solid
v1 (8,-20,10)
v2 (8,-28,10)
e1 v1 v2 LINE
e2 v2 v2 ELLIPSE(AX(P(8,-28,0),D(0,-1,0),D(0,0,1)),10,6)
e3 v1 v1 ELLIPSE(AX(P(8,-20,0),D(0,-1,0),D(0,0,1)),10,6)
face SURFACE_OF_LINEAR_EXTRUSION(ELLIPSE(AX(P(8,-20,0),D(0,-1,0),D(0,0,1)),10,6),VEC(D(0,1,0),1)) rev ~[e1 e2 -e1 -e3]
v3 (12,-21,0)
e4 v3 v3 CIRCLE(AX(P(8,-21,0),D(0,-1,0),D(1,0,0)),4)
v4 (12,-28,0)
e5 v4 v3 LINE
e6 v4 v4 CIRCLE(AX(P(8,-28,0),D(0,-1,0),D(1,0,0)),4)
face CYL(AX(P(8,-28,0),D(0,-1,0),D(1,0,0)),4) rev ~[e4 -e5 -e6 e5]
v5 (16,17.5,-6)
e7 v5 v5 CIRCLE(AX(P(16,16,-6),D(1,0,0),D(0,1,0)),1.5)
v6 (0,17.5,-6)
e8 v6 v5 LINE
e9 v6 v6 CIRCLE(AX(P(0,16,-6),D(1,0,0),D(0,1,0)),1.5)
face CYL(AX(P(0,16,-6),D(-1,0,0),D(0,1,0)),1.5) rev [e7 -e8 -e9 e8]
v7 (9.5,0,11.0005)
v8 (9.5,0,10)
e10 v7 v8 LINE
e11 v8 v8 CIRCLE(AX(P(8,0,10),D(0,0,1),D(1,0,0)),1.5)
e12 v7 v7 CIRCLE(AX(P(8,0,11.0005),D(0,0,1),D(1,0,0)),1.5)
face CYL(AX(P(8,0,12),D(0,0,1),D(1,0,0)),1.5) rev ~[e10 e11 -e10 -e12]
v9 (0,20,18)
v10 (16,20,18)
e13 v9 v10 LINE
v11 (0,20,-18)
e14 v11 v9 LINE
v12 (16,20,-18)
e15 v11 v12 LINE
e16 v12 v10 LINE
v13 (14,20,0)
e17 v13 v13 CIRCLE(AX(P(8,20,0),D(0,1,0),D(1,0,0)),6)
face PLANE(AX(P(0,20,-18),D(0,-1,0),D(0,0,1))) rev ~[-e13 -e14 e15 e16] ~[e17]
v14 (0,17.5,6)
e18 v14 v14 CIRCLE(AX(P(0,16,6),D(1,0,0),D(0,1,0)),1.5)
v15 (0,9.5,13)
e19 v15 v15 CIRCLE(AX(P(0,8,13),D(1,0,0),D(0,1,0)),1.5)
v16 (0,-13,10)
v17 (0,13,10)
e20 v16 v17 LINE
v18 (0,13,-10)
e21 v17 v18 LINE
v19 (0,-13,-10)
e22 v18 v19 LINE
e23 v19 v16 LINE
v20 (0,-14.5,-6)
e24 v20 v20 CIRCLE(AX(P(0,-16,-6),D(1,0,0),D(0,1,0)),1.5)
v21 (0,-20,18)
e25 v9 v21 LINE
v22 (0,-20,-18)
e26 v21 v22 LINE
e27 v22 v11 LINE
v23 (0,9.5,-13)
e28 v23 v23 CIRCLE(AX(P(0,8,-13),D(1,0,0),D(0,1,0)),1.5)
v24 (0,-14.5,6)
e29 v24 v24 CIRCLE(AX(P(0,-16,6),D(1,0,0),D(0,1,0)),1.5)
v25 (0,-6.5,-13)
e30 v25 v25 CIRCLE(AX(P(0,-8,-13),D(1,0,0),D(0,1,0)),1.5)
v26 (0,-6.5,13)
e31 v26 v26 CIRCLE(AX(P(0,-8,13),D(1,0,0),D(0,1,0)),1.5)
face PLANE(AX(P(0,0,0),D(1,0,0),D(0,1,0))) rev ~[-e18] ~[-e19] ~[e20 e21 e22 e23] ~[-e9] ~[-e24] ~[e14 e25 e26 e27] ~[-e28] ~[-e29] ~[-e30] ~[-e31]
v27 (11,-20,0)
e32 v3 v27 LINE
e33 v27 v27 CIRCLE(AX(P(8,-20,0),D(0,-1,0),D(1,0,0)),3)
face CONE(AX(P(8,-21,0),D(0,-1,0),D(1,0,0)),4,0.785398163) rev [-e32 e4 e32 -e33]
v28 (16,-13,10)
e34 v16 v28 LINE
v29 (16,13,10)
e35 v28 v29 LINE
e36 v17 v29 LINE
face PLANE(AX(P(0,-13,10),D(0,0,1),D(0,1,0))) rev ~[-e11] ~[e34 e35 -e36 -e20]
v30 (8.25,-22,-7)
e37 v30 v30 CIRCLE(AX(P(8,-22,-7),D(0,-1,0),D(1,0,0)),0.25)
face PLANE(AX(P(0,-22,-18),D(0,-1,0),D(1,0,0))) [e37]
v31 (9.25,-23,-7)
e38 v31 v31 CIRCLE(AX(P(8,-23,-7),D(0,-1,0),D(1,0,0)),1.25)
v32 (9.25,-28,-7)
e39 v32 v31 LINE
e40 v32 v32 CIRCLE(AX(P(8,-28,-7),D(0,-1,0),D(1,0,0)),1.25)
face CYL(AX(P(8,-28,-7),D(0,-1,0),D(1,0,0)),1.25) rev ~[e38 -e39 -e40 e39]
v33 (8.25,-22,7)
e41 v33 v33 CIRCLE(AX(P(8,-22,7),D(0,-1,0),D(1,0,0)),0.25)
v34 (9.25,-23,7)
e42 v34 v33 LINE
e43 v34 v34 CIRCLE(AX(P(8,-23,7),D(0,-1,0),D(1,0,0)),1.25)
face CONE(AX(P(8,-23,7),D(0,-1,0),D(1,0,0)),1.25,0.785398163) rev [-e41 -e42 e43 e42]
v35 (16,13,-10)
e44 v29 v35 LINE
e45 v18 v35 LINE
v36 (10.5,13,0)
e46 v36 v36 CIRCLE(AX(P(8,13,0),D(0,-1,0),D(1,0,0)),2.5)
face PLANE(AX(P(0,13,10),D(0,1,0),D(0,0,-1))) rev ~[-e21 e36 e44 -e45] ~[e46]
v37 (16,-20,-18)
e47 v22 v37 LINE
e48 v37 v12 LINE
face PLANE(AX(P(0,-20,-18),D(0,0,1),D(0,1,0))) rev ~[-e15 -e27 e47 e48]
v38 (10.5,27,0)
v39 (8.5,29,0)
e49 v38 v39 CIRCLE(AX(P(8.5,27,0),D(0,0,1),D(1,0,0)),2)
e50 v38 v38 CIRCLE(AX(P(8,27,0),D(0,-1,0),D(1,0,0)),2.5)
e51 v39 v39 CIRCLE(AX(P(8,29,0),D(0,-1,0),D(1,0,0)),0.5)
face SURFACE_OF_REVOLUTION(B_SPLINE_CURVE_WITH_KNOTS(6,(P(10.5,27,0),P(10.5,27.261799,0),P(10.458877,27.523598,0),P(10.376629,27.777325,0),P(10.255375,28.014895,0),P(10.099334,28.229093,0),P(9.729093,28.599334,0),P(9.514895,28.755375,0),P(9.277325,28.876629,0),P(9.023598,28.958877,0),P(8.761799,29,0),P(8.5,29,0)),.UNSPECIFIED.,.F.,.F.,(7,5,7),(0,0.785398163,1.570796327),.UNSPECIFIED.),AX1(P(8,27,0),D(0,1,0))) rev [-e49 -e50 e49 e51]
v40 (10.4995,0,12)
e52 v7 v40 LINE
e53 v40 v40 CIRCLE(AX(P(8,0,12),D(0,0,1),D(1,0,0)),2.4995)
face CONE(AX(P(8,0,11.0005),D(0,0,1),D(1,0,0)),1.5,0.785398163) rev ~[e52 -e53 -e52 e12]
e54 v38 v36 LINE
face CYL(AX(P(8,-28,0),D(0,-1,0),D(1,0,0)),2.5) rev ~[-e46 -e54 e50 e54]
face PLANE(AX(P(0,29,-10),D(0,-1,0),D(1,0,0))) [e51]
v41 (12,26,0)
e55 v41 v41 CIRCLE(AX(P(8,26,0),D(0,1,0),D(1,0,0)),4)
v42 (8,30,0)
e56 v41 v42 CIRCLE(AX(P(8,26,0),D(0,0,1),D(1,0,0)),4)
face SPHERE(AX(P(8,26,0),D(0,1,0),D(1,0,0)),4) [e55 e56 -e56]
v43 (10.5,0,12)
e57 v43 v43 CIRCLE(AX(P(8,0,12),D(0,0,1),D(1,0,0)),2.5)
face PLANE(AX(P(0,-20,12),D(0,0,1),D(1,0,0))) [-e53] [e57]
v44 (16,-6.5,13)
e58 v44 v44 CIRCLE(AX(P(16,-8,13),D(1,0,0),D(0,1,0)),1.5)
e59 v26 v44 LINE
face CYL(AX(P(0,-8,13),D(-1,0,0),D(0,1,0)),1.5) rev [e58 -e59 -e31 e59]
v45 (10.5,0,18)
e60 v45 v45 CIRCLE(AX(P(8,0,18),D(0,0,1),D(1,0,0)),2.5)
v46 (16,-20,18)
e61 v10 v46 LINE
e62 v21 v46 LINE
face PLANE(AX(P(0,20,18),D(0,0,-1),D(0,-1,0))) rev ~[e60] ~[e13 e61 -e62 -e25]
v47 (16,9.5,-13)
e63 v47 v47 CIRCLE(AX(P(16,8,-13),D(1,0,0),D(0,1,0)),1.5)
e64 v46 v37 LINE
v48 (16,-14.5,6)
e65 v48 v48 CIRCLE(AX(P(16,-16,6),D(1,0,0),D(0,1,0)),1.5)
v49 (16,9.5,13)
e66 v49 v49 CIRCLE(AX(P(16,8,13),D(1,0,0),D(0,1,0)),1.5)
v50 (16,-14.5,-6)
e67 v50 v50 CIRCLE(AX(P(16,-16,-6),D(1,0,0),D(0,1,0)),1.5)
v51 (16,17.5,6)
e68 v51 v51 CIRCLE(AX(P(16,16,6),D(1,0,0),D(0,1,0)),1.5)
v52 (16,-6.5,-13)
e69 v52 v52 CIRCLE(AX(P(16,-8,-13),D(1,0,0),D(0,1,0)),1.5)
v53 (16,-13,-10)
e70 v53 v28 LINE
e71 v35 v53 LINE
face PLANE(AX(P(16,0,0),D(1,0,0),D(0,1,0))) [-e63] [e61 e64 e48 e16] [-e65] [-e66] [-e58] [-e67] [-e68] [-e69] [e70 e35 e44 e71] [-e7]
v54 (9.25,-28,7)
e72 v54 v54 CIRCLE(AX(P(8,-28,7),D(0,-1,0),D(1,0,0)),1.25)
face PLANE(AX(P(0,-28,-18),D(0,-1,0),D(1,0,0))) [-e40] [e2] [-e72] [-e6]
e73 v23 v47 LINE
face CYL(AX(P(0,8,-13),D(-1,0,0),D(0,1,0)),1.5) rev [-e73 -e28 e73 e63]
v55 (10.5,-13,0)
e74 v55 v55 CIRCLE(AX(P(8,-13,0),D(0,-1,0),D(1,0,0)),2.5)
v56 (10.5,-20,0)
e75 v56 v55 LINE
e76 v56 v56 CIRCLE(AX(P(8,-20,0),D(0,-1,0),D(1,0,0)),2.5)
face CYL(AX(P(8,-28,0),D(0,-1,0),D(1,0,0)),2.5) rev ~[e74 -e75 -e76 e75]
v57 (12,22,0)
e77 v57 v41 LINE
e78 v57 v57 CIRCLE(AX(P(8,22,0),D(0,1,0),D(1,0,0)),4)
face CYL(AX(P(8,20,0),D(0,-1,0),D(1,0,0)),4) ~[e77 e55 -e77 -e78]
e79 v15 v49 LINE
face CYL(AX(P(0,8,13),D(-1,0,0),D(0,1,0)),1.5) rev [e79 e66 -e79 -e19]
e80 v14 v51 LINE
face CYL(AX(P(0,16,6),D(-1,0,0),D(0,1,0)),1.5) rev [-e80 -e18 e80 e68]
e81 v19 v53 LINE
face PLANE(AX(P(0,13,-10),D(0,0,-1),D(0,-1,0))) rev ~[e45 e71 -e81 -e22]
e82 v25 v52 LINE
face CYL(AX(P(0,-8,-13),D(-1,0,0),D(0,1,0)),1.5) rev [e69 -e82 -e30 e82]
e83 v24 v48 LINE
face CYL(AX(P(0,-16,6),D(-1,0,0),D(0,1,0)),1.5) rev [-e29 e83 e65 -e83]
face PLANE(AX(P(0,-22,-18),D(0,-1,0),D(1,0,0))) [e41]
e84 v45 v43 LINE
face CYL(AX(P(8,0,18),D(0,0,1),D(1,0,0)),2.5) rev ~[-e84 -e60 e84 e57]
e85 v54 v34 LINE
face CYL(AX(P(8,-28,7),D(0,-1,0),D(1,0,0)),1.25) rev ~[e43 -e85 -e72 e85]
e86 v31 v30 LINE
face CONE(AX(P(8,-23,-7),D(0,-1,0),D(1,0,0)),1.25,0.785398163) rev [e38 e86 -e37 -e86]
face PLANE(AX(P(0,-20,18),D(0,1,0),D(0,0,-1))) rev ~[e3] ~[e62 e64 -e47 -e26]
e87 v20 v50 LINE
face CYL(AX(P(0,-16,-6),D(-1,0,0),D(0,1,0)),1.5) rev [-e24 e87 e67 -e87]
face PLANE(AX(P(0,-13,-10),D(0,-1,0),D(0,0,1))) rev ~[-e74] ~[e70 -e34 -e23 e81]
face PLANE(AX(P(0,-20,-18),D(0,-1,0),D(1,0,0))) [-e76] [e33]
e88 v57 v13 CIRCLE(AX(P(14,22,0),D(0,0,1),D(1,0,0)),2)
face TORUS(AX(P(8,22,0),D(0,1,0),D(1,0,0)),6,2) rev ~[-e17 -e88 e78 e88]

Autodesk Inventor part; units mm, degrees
ref_plane "YZ Plane" through (0, 0, 0) normal (1, 0, 0) x (0, 1, 0)
ref_plane "XZ Plane" through (0, 0, 0) normal (0, 1, 0) x (-1, 0, 0)
ref_plane "XY Plane" through (0, 0, 0) normal (0, 0, 1) x (1, 0, 0)
sketch "Sketch1" plane through (0, 0, 0) normal (1, 0, 0) x (0, 1, 0)
  line L0 (20, 18) -> (-20, 18)
  line L1 (-20, 18) -> (-20, -18)
  line L2 (-20, -18) -> (20, -18)
  line L3 (20, -18) -> (20, 18)
  line L4 (13, -10) -> (-13, -10)
  line L5 (-13, -10) -> (-13, 10)
  line L6 (-13, 10) -> (13, 10)
  line L7 (13, 10) -> (13, -10)
  line L8 (20, 0) -> (-20, 0) construction
  line L9 (0, -18) -> (0, 18) construction
  circle A0 centre (16, 6) radius 1.5
  circle A1 centre (16, -6) radius 1.5
  circle A2 centre (-16, 6) radius 1.5
  circle A3 centre (-16, -6) radius 1.5
  circle A4 centre (8, 13) radius 1.5
  circle A5 centre (8, -13) radius 1.5
  circle A6 centre (-8, 13) radius 1.5
  circle A7 centre (-8, -13) radius 1.5
  point P0 (0, 0)
  dimension "d0" = 40
  dimension "d1" = 36
  dimension "d2" = 26
  dimension "d3" = 20
  dimension "d5" = 3
  dimension "d6" = 6
  dimension "d7" = 16
  dimension "d8" = 3
  dimension "d9" = 8
  dimension "d10" = 13
  dimension "d17" = 7
  dimension "d18" = 8
  dimension "d19" = 20
  dimension "d20" = 18
extrude "Extrusion1" add sketch "Sketch1" along normal blind 16
sketch "Sketch2" plane through (0, -20, -18) normal (0, -1, 0) x (1, 0, 0)
  line L0 (0, 36) -> (16, 36) construction
  line L1 (8, 36) -> (8, 0) construction
  line L2 (0, 0) -> (16, 0) construction
  line L3 (16, 8) -> (16, 28) construction
  line L4 (16, 18) -> (0, 18) construction
  line L5 (8, 18) -> (8, 28) construction
  line L6 (8, 28) -> (8, 8) construction
  line L7 (8, 18) -> (14, 18) construction
  line L8 (14, 18) -> (2, 18) construction
  ellipse E0 centre (8, 18) end of major axis (14, 18) minor radius 10 construction
  ellipse E1 centre (8, 18) end of major axis (14, 18) minor radius 10
  dimension "d13" = 10
  dimension "d14" = 20
  dimension "d15" = 6
  dimension "d16" = 12
extrude "Extrusion2" add sketch "Sketch2" along normal blind 8
sketch "Sketch3" plane through (0, -28, -18) normal (0, -1, 0) x (1, 0, 0)
  ellipse E0 centre (8, 18) end of major axis (8, 28) minor radius 6 construction
  line L0 (8, 28) -> (8, 8) construction
  circle A0 centre (8, 25) radius 1.25
  circle A1 centre (8, 11) radius 1.25
  point P0 (0, 18)
  dimension "d23" = 2.5
  dimension "d24" = 7
  dimension "d25" = 2.5
  dimension "d26" = 7
  dimension "d27" = 0
extrude "Extrusion3" cut sketch "Sketch3" against normal blind 6
thread "Thread1" size "M2.5x0.45" class "6H" standard "ANSI Metric M Profile" full length
thread "Thread2" size "M2.5x0.45" class "6H" standard "ANSI Metric M Profile" full length
sketch "Sketch4" plane through (0, -28, -18) normal (0, -1, 0) x (1, 0, 0)
  ellipse E0 centre (8, 18) end of major axis (8, 28) minor radius 6 construction
  line L0 (14, 18) -> (8, 18) construction
  circle A0 centre (8, 18) radius 2.5
  point P0 (0, 18)
  dimension "d34" = 5
extrude "Extrusion4" cut sketch "Sketch4" against normal blind 90
sketch "Sketch5" plane through (0, -28, -18) normal (0, -1, 0) x (1, 0, 0)
  circle A0 centre (8, 18) radius 2.5 construction
  line L0 (5.5, 18) -> (8, 18) construction
  circle A1 centre (8, 18) radius 4
  point P0 (0, 18)
  dimension "d37" = 8
extrude "Extrusion5" cut sketch "Sketch5" against normal blind 8
chamfer "Chamfer1" distance 1 angle 45 2 edges at (6.75, -22, 7) (6.75, -22, -7)
chamfer "Chamfer2" distance 1 angle 45 1 edges at (4, -20, 0)
sketch "Sketch6" plane through (0, -20, 18) normal (0, 0, 1) x (1, 0, 0)
  line L0 (0, 40) -> (16, 40) construction
  line L1 (8, 40) -> (8, 0) construction
  line L2 (0, 0) -> (16, 0) construction
  circle A0 centre (8, 20) radius 2.5 construction
  circle A1 centre (8, 20) radius 2.5
  point P0 (0, 20)
  dimension "d46" = 5
extrude "Extrusion6" cut sketch "Sketch6" against normal blind 6
sketch "Sketch7" plane through (8, 0, 12) normal (0, 0, 1) x (1, 0, 0)
  circle A0 centre (0, 0) radius 1.5
  line L0 (-8, -13) -> (8, -13) projected
  point P0 (-8, 0)
  dimension "d49" = 3
  dimension "d50" = 8
  dimension "d51" = 13
extrude "Extrusion7" cut sketch "Sketch7" against normal blind 6
chamfer "Chamfer3" distance 1 angle 45 1 edges at (6.5, 0, 12)
thread "Thread3" size "M5x0.8" class "6H" standard "ANSI Metric M Profile" full length
sketch "Sketch8" plane through (0, 20, 18) normal (0, 1, 0) x (1, 0, 0)
  circle A0 centre (8, 18) radius 2.5 construction
  line L0 (5.5, 18) -> (8, 18) construction
  circle A1 centre (8, 18) radius 4
  point P0 (0, 18)
  dimension "d59" = 8
extrude "Extrusion8" add sketch "Sketch8" along normal blind 10
fillet "Fillet1" radius 4 1 edges at (4, 30, 0)
fillet "Fillet2" radius 2 1 edges at (4, 20, 0)
sketch "Sketch9" plane through (0, 13, -10) normal (0, -1, 0) x (1, 0, 0)
  circle A0 centre (8, 10) radius 2.5 construction
  line L0 (5.5, 10) -> (8, 10) construction
  circle A1 centre (8, 10) radius 2.5
  point P0 (0, 10)
extrude "Extrusion9" cut sketch "Sketch9" against normal blind 16
fillet "Fillet3" radius 2 1 edges at (5.5, 29, 0)
properties part number "Steam Chest" material "Iron, Cast"
